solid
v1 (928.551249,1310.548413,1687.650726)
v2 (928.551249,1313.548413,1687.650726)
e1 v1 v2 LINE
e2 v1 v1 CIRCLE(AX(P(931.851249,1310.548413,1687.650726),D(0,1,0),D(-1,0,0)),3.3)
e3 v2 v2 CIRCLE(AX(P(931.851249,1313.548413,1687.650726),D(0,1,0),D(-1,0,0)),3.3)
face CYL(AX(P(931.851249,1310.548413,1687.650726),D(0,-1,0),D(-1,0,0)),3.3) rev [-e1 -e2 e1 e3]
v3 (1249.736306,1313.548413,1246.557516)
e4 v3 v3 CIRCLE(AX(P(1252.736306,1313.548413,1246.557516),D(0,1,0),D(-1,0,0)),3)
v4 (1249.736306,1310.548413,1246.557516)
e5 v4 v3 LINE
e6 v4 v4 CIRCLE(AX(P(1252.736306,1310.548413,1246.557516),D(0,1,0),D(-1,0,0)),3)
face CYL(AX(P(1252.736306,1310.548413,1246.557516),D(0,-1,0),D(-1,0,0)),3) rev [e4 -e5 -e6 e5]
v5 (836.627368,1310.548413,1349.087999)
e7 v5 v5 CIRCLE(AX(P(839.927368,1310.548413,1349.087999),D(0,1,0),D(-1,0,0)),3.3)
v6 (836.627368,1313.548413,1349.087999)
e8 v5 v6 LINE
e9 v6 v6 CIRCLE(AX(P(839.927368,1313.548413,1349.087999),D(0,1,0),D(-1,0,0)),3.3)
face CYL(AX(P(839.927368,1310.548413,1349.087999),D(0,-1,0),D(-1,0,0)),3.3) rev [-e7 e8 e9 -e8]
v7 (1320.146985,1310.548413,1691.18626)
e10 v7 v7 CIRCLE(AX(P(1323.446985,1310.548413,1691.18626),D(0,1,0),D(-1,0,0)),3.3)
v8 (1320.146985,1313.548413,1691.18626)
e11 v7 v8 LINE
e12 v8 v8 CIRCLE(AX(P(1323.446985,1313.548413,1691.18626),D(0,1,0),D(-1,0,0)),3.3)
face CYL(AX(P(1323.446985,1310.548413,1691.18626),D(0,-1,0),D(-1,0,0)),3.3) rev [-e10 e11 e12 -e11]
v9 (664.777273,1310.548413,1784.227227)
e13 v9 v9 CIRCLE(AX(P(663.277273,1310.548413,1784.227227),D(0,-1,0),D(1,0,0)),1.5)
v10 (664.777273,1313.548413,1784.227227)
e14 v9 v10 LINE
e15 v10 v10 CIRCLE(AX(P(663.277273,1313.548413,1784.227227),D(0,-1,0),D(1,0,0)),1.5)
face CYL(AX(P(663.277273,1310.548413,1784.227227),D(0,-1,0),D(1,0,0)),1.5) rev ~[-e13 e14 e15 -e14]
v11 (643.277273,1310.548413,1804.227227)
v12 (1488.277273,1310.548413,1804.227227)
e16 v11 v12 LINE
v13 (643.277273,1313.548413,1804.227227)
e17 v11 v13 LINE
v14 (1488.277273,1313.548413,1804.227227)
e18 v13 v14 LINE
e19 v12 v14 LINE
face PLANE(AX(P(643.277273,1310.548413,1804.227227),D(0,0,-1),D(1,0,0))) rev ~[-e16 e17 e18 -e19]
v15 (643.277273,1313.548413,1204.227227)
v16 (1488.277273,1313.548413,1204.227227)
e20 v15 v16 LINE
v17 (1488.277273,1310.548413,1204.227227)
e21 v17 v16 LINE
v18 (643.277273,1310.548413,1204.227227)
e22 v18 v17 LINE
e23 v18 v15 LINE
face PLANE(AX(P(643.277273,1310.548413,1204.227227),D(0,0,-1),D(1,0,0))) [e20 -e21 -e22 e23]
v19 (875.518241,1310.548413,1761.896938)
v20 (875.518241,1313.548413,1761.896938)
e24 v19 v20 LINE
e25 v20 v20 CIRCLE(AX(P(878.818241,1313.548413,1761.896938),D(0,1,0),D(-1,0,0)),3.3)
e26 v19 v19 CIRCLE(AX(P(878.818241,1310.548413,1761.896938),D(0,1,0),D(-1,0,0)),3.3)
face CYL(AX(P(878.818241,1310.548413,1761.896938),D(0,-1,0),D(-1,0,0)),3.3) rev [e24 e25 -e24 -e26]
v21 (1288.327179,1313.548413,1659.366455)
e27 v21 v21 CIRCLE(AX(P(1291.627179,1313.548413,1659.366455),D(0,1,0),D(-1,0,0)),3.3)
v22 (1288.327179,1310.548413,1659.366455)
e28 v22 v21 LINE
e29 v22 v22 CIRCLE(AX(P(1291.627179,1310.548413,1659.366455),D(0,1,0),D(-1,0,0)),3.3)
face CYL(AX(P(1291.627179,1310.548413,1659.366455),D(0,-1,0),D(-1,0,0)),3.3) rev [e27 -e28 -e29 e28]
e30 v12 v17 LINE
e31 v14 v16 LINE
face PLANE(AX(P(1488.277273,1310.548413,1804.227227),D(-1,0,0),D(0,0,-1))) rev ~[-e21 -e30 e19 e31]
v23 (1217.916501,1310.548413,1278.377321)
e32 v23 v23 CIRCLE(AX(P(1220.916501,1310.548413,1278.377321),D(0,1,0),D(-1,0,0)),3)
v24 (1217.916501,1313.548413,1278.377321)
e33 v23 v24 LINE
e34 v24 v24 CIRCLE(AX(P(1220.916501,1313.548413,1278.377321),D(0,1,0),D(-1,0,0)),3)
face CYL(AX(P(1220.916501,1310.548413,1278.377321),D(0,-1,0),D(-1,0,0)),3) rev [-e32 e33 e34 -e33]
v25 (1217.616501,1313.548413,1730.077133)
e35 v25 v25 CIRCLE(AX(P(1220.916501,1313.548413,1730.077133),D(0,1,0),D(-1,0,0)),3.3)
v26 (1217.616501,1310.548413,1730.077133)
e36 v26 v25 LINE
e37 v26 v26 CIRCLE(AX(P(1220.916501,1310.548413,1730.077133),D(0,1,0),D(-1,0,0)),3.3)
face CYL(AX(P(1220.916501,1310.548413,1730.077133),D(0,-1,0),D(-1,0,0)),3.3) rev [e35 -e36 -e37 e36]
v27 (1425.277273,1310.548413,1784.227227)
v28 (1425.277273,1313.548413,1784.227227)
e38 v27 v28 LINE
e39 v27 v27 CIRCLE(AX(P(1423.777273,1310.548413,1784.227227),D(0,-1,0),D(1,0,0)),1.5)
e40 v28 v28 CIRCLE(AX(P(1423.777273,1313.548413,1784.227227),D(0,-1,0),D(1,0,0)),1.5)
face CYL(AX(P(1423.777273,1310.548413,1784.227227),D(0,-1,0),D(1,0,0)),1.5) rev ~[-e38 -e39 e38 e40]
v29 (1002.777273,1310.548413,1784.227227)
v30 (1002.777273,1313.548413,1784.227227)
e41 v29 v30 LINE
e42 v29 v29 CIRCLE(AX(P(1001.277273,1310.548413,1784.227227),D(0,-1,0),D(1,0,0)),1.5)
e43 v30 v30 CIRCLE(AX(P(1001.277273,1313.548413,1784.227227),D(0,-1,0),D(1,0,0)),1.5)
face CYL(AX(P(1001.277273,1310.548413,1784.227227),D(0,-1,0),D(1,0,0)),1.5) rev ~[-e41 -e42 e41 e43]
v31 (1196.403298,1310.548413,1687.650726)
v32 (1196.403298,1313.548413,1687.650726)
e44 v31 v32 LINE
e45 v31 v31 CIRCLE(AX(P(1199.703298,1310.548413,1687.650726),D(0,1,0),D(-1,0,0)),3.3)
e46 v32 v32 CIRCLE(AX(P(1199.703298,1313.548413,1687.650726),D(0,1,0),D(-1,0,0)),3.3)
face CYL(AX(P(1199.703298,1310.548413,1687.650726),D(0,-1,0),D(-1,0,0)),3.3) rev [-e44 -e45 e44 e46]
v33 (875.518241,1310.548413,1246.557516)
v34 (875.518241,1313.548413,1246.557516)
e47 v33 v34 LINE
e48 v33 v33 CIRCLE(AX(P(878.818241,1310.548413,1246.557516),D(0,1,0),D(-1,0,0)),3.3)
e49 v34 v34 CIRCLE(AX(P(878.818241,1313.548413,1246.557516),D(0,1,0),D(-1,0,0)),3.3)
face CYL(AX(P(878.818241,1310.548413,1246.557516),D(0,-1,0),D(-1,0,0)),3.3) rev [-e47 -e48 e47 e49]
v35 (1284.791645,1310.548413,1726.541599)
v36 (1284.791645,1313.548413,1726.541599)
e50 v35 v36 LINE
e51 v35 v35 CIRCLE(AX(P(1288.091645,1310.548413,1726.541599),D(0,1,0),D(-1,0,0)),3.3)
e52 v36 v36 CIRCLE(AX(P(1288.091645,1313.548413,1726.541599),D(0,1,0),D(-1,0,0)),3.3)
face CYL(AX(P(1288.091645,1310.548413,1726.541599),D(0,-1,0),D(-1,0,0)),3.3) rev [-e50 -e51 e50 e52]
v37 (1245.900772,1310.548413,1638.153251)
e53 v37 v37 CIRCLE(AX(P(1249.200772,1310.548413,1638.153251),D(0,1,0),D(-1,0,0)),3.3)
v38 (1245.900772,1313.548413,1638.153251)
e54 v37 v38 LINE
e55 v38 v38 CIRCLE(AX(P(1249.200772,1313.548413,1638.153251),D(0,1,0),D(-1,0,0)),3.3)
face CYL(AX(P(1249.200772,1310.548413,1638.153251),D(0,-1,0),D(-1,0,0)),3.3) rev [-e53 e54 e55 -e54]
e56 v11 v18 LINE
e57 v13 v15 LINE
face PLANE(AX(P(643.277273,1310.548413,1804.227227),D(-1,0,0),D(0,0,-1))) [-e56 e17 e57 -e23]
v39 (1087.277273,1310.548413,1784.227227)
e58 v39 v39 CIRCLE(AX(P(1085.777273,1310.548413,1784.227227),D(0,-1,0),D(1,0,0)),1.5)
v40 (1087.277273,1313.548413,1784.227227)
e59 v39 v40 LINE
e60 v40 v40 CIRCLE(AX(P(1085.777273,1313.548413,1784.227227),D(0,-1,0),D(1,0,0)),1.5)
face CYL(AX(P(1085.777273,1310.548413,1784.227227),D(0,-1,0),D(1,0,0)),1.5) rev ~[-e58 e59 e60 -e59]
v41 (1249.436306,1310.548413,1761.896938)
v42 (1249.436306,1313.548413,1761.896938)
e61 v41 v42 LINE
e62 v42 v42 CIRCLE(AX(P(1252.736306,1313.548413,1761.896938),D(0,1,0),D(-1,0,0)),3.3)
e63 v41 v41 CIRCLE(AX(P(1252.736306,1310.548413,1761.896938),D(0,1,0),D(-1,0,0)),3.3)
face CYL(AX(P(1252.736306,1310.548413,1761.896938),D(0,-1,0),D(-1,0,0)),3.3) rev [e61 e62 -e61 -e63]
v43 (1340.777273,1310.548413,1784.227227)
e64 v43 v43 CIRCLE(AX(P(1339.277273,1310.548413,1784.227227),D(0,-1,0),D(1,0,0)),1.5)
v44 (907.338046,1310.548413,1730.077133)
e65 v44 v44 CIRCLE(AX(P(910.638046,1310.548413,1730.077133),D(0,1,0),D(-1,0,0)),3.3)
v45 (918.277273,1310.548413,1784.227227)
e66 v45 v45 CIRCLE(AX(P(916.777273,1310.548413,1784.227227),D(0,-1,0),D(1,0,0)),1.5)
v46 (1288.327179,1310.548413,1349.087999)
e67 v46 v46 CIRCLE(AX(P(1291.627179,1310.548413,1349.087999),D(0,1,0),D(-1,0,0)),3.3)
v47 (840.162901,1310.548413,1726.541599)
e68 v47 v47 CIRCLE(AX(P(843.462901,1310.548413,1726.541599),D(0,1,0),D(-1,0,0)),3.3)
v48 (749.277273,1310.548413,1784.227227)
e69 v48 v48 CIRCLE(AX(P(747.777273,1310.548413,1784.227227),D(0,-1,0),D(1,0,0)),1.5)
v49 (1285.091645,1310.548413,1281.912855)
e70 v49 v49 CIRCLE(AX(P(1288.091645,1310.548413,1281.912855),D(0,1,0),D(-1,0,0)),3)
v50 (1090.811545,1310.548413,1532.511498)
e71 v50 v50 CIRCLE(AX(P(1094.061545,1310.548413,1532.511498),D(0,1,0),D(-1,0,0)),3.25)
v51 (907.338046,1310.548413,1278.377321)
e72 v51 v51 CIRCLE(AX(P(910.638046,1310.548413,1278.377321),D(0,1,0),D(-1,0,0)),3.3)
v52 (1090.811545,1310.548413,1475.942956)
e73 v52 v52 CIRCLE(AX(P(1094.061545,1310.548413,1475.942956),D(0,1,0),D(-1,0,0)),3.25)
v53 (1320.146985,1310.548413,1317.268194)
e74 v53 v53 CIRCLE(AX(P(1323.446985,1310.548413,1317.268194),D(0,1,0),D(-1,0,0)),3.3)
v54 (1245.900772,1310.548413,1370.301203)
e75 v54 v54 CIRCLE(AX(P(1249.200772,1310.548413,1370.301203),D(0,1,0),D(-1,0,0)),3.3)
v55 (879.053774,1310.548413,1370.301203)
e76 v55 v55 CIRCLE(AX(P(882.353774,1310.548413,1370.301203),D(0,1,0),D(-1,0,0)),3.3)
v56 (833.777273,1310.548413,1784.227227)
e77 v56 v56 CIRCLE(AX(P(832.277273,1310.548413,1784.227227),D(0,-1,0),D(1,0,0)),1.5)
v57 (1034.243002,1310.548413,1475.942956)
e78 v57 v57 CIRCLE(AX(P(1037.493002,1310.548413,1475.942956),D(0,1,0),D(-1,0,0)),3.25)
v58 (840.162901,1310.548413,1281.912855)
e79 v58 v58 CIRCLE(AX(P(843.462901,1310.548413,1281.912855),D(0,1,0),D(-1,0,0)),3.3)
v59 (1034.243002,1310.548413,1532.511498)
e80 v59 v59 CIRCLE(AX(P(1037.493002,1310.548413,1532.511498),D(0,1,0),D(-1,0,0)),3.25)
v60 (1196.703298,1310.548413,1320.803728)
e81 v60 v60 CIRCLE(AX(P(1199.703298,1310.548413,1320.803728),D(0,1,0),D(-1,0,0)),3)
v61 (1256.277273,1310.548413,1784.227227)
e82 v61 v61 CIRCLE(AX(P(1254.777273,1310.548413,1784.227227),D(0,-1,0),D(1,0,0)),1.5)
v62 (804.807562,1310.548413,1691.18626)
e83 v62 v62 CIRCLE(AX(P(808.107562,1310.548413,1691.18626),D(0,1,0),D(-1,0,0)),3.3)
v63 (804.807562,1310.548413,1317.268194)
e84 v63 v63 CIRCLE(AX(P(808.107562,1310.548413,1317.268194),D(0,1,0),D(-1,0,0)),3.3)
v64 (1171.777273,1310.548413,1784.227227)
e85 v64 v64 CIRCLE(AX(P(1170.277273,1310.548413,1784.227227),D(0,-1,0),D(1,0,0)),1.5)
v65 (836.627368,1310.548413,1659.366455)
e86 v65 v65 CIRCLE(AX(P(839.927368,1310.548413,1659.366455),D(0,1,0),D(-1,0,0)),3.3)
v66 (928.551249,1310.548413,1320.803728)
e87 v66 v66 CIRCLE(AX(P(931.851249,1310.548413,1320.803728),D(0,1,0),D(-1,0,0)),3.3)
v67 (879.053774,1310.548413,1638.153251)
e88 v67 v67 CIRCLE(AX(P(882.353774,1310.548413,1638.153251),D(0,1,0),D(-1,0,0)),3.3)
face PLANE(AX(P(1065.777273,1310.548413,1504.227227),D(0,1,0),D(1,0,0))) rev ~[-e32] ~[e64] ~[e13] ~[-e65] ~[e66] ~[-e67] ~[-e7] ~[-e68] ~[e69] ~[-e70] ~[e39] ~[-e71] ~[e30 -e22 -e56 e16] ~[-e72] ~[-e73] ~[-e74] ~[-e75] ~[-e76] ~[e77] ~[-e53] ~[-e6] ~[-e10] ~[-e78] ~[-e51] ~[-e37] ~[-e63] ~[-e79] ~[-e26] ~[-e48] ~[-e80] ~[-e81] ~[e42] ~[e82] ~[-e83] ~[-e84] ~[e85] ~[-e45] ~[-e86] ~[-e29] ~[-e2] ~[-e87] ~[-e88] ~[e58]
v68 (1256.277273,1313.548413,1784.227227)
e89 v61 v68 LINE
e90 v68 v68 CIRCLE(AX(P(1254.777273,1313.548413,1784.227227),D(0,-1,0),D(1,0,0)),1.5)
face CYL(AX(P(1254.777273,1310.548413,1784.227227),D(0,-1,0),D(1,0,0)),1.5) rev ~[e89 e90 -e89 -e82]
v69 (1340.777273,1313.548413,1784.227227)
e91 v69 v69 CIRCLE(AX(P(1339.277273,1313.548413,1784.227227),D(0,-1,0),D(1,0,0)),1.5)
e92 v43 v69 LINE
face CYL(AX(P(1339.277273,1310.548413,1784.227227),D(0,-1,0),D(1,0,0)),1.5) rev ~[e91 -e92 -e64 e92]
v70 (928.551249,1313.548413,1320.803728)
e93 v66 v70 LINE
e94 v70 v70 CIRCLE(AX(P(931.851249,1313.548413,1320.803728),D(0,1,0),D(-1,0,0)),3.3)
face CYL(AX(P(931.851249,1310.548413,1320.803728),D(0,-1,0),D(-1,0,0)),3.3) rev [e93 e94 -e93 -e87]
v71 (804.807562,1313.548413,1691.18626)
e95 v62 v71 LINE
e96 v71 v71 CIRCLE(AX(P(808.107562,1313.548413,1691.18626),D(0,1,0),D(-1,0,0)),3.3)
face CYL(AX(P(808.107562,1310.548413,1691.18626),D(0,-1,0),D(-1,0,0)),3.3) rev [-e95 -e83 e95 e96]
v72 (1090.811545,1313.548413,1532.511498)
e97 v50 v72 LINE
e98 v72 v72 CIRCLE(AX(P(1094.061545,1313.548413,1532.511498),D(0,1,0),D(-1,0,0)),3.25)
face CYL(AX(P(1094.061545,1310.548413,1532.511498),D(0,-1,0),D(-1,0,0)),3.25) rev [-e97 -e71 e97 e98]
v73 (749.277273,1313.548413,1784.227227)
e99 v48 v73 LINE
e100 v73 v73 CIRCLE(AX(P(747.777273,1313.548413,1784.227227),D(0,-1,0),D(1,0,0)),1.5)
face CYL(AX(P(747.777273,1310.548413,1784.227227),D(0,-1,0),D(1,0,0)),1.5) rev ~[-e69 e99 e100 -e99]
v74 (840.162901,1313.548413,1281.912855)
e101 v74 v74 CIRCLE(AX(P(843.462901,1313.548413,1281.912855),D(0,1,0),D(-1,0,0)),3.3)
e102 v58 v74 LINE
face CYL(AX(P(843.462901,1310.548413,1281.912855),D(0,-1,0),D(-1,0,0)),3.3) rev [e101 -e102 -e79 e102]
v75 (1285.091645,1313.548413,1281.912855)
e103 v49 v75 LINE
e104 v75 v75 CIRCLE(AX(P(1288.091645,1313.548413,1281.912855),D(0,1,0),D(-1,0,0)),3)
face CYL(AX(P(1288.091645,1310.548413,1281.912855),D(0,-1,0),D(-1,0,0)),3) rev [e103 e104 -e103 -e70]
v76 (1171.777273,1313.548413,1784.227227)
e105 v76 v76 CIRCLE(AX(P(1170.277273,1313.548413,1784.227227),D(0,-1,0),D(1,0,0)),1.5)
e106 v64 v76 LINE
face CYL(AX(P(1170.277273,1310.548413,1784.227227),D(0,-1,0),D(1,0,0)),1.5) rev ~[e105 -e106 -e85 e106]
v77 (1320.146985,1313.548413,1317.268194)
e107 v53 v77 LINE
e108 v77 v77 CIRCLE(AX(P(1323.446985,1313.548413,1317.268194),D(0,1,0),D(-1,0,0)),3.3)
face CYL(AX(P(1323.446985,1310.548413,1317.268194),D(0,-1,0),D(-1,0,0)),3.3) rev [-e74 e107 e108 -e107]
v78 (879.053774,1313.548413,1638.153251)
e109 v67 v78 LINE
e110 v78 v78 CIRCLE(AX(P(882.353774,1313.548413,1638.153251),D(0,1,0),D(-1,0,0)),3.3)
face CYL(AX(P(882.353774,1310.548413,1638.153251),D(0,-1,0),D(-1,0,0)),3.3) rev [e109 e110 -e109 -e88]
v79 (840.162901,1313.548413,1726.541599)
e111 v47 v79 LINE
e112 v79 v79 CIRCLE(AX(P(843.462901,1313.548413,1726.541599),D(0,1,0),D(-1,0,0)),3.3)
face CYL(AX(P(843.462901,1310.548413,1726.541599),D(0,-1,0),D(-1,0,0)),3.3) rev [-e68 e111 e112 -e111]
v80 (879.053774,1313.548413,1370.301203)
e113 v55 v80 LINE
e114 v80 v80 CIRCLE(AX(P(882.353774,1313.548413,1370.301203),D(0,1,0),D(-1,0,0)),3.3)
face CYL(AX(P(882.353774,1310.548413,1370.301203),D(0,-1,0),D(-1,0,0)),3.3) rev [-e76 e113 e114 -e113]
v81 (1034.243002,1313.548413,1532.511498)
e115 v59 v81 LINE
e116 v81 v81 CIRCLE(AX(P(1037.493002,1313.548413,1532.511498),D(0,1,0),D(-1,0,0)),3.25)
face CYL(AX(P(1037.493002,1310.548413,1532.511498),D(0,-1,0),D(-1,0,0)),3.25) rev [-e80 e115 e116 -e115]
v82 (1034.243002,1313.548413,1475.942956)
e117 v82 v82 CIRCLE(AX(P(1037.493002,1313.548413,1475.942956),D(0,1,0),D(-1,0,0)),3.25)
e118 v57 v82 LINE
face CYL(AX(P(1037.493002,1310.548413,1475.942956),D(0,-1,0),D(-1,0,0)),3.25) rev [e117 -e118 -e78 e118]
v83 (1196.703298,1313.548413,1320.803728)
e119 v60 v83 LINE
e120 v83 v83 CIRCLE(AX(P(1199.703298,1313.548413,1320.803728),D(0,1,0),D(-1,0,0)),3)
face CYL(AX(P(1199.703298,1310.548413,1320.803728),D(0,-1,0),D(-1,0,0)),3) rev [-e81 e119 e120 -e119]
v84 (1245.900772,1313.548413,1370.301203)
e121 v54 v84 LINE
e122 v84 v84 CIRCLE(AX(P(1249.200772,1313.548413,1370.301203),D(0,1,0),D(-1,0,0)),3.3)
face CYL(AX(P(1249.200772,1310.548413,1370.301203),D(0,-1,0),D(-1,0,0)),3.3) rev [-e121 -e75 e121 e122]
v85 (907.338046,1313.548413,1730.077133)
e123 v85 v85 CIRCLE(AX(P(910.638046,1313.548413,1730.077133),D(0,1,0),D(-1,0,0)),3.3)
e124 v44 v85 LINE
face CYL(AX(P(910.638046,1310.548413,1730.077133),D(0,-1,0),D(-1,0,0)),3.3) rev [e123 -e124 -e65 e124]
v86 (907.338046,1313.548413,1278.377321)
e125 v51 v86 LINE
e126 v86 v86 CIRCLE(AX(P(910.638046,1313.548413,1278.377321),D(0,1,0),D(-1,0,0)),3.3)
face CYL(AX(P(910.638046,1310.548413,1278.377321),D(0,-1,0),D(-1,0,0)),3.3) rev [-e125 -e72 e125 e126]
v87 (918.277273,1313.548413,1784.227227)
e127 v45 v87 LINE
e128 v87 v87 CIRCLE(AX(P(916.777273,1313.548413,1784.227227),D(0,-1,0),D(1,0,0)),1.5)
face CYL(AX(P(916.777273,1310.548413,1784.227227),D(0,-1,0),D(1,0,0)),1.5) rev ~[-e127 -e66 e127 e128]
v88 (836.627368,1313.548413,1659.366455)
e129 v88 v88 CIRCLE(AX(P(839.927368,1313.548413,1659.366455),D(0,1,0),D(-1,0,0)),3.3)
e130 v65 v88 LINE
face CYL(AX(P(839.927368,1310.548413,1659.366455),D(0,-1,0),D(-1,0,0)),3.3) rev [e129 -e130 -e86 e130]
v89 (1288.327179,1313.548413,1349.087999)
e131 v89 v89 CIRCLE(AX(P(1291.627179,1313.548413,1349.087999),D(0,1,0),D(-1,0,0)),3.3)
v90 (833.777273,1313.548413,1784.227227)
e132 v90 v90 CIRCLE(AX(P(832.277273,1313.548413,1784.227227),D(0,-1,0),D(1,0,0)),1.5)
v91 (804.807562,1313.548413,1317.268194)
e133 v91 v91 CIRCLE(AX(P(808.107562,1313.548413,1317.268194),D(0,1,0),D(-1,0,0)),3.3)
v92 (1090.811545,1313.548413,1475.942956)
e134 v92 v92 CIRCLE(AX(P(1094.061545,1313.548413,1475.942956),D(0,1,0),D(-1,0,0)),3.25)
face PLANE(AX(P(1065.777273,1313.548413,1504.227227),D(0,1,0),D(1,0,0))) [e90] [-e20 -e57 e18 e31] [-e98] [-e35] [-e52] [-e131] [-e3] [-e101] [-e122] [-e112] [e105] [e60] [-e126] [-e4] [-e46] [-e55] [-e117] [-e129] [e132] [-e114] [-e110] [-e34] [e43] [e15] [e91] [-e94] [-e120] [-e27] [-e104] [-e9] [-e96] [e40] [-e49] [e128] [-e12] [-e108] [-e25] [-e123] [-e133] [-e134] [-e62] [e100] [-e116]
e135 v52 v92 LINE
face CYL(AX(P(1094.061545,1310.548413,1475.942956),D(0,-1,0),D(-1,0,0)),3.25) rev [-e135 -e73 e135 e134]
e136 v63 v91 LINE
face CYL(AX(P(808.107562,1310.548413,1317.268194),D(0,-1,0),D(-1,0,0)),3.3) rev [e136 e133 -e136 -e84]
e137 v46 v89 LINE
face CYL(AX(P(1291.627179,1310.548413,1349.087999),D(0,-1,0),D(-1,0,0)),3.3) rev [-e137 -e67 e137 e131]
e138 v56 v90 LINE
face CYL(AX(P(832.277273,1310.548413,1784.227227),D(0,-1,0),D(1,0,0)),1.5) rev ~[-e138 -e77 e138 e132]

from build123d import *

# Parameters (mm, degrees)
SKETCH2_W           = 845
SKETCH2_H           = 600
SKETCH2_R           = 3.3
SKETCH2_R_2         = 3.25
SKETCH2_R_3         = 3
BOSS_EXTRUDE2_DEPTH = 3
SKETCH5_R           = 1.5
CUT_EXTRUDE1_DEPTH  = 10


with BuildPart() as part:
    # Sketch2 → Boss-Extrude2 (new body)
    with BuildSketch(Plane(origin=(0, 1310.548413309, 0), x_dir=(1, 0, 0), z_dir=(0, 1, 0))):
        with Locations((1065.777273447, -1504.227226955)):
            Rectangle(SKETCH2_W, SKETCH2_H)
        with Locations(Location((843.462901442, -1726.54159896, 0), (0, 0, 180))):
            Circle(SKETCH2_R, mode=Mode.SUBTRACT)
        with Locations(Location((878.818240502, -1761.896938019, 0), (0, 0, 180))):
            Circle(SKETCH2_R, mode=Mode.SUBTRACT)
        with Locations(Location((910.638045655, -1730.077132866, 0), (0, 0, 180))):
            Circle(SKETCH2_R, mode=Mode.SUBTRACT)
        with Locations(Location((808.107562383, -1691.186259901, 0), (0, 0, 180))):
            Circle(SKETCH2_R, mode=Mode.SUBTRACT)
        with Locations(Location((839.927367536, -1659.366454747, 0), (0, 0, 180))):
            Circle(SKETCH2_R, mode=Mode.SUBTRACT)
        with Locations(Location((931.851249091, -1687.650725995, 0), (0, 0, 180))):
            Circle(SKETCH2_R, mode=Mode.SUBTRACT)
        with Locations(Location((882.353774408, -1638.153251312, 0), (0, 0, 180))):
            Circle(SKETCH2_R, mode=Mode.SUBTRACT)
        with Locations(Location((1037.4930022, -1532.511498202, 0), (0, 0, 180))):
            Circle(SKETCH2_R_2, mode=Mode.SUBTRACT)
        with Locations(Location((1252.736306393, -1761.896938019, 0), (0, 0, 180))):
            Circle(SKETCH2_R, mode=Mode.SUBTRACT)
        with Locations(Location((1220.91650124, -1730.077132866, 0), (0, 0, 180))):
            Circle(SKETCH2_R, mode=Mode.SUBTRACT)
        with Locations(Location((1288.091645453, -1726.54159896, 0), (0, 0, 180))):
            Circle(SKETCH2_R, mode=Mode.SUBTRACT)
        with Locations(Location((1199.703297804, -1687.650725995, 0), (0, 0, 180))):
            Circle(SKETCH2_R, mode=Mode.SUBTRACT)
        with Locations(Location((1249.200772487, -1638.153251312, 0), (0, 0, 180))):
            Circle(SKETCH2_R, mode=Mode.SUBTRACT)
        with Locations(Location((1323.446984512, -1691.186259901, 0), (0, 0, 180))):
            Circle(SKETCH2_R, mode=Mode.SUBTRACT)
        with Locations(Location((1291.627179358, -1659.366454747, 0), (0, 0, 180))):
            Circle(SKETCH2_R, mode=Mode.SUBTRACT)
        with Locations(Location((1094.061544695, -1532.511498202, 0), (0, 0, 180))):
            Circle(SKETCH2_R_2, mode=Mode.SUBTRACT)
        with Locations(Location((1037.4930022, -1475.942955707, 0), (0, 0, 180))):
            Circle(SKETCH2_R_2, mode=Mode.SUBTRACT)
        with Locations(Location((839.927367536, -1349.087999163, 0), (0, 0, 180))):
            Circle(SKETCH2_R, mode=Mode.SUBTRACT)
        with Locations(Location((808.107562383, -1317.268194009, 0), (0, 0, 180))):
            Circle(SKETCH2_R, mode=Mode.SUBTRACT)
        with Locations(Location((882.353774408, -1370.301202598, 0), (0, 0, 180))):
            Circle(SKETCH2_R, mode=Mode.SUBTRACT)
        with Locations(Location((931.851249091, -1320.803727915, 0), (0, 0, 180))):
            Circle(SKETCH2_R, mode=Mode.SUBTRACT)
        with Locations(Location((843.462901442, -1281.91285495, 0), (0, 0, 180))):
            Circle(SKETCH2_R, mode=Mode.SUBTRACT)
        with Locations(Location((910.638045655, -1278.377321044, 0), (0, 0, 180))):
            Circle(SKETCH2_R, mode=Mode.SUBTRACT)
        with Locations(Location((878.818240502, -1246.55751589, 0), (0, 0, 180))):
            Circle(SKETCH2_R, mode=Mode.SUBTRACT)
        with Locations(Location((1094.061544695, -1475.942955707, 0), (0, 0, 180))):
            Circle(SKETCH2_R_2, mode=Mode.SUBTRACT)
        with Locations(Location((1249.200772487, -1370.301202598, 0), (0, 0, 180))):
            Circle(SKETCH2_R, mode=Mode.SUBTRACT)
        with Locations(Location((1291.627179359, -1349.087999162, 0), (0, 0, 180))):
            Circle(SKETCH2_R, mode=Mode.SUBTRACT)
        with Locations(Location((1323.446984512, -1317.268194009, 0), (0, 0, 180))):
            Circle(SKETCH2_R, mode=Mode.SUBTRACT)
        with Locations(Location((1220.91650124, -1278.377321044, 0), (0, 0, 180.000000001))):
            Circle(SKETCH2_R_3, mode=Mode.SUBTRACT)
        with Locations(Location((1252.736306393, -1246.55751589, 0), (0, 0, 180.000000001))):
            Circle(SKETCH2_R_3, mode=Mode.SUBTRACT)
        with Locations(Location((1288.091645453, -1281.91285495, 0), (0, 0, 180.000000001))):
            Circle(SKETCH2_R_3, mode=Mode.SUBTRACT)
        with Locations(Location((1199.703297804, -1320.803727915, 0), (0, 0, 180.000000001))):
            Circle(SKETCH2_R_3, mode=Mode.SUBTRACT)
    extrude(amount=BOSS_EXTRUDE2_DEPTH)

    # Sketch5 → Cut-Extrude1 (cut)
    with BuildSketch(Plane.XZ.offset(-1310.548413309)):
        with Locations((663.277273447, 1784.227226955)):
            Circle(SKETCH5_R)
        with Locations((747.777273447, 1784.227226955)):
            Circle(SKETCH5_R)
        with Locations((832.277273447, 1784.227226955)):
            Circle(SKETCH5_R)
        with Locations((916.777273447, 1784.227226955)):
            Circle(SKETCH5_R)
        with Locations((1001.277273447, 1784.227226955)):
            Circle(SKETCH5_R)
        with Locations((1085.777273447, 1784.227226955)):
            Circle(SKETCH5_R)
        with Locations((1170.277273447, 1784.227226955)):
            Circle(SKETCH5_R)
        with Locations((1254.777273447, 1784.227226955)):
            Circle(SKETCH5_R)
        with Locations((1339.277273447, 1784.227226955)):
            Circle(SKETCH5_R)
        with Locations((1423.777273447, 1784.227226955)):
            Circle(SKETCH5_R)
    extrude(amount=-CUT_EXTRUDE1_DEPTH, mode=Mode.SUBTRACT)


solid = part.part
